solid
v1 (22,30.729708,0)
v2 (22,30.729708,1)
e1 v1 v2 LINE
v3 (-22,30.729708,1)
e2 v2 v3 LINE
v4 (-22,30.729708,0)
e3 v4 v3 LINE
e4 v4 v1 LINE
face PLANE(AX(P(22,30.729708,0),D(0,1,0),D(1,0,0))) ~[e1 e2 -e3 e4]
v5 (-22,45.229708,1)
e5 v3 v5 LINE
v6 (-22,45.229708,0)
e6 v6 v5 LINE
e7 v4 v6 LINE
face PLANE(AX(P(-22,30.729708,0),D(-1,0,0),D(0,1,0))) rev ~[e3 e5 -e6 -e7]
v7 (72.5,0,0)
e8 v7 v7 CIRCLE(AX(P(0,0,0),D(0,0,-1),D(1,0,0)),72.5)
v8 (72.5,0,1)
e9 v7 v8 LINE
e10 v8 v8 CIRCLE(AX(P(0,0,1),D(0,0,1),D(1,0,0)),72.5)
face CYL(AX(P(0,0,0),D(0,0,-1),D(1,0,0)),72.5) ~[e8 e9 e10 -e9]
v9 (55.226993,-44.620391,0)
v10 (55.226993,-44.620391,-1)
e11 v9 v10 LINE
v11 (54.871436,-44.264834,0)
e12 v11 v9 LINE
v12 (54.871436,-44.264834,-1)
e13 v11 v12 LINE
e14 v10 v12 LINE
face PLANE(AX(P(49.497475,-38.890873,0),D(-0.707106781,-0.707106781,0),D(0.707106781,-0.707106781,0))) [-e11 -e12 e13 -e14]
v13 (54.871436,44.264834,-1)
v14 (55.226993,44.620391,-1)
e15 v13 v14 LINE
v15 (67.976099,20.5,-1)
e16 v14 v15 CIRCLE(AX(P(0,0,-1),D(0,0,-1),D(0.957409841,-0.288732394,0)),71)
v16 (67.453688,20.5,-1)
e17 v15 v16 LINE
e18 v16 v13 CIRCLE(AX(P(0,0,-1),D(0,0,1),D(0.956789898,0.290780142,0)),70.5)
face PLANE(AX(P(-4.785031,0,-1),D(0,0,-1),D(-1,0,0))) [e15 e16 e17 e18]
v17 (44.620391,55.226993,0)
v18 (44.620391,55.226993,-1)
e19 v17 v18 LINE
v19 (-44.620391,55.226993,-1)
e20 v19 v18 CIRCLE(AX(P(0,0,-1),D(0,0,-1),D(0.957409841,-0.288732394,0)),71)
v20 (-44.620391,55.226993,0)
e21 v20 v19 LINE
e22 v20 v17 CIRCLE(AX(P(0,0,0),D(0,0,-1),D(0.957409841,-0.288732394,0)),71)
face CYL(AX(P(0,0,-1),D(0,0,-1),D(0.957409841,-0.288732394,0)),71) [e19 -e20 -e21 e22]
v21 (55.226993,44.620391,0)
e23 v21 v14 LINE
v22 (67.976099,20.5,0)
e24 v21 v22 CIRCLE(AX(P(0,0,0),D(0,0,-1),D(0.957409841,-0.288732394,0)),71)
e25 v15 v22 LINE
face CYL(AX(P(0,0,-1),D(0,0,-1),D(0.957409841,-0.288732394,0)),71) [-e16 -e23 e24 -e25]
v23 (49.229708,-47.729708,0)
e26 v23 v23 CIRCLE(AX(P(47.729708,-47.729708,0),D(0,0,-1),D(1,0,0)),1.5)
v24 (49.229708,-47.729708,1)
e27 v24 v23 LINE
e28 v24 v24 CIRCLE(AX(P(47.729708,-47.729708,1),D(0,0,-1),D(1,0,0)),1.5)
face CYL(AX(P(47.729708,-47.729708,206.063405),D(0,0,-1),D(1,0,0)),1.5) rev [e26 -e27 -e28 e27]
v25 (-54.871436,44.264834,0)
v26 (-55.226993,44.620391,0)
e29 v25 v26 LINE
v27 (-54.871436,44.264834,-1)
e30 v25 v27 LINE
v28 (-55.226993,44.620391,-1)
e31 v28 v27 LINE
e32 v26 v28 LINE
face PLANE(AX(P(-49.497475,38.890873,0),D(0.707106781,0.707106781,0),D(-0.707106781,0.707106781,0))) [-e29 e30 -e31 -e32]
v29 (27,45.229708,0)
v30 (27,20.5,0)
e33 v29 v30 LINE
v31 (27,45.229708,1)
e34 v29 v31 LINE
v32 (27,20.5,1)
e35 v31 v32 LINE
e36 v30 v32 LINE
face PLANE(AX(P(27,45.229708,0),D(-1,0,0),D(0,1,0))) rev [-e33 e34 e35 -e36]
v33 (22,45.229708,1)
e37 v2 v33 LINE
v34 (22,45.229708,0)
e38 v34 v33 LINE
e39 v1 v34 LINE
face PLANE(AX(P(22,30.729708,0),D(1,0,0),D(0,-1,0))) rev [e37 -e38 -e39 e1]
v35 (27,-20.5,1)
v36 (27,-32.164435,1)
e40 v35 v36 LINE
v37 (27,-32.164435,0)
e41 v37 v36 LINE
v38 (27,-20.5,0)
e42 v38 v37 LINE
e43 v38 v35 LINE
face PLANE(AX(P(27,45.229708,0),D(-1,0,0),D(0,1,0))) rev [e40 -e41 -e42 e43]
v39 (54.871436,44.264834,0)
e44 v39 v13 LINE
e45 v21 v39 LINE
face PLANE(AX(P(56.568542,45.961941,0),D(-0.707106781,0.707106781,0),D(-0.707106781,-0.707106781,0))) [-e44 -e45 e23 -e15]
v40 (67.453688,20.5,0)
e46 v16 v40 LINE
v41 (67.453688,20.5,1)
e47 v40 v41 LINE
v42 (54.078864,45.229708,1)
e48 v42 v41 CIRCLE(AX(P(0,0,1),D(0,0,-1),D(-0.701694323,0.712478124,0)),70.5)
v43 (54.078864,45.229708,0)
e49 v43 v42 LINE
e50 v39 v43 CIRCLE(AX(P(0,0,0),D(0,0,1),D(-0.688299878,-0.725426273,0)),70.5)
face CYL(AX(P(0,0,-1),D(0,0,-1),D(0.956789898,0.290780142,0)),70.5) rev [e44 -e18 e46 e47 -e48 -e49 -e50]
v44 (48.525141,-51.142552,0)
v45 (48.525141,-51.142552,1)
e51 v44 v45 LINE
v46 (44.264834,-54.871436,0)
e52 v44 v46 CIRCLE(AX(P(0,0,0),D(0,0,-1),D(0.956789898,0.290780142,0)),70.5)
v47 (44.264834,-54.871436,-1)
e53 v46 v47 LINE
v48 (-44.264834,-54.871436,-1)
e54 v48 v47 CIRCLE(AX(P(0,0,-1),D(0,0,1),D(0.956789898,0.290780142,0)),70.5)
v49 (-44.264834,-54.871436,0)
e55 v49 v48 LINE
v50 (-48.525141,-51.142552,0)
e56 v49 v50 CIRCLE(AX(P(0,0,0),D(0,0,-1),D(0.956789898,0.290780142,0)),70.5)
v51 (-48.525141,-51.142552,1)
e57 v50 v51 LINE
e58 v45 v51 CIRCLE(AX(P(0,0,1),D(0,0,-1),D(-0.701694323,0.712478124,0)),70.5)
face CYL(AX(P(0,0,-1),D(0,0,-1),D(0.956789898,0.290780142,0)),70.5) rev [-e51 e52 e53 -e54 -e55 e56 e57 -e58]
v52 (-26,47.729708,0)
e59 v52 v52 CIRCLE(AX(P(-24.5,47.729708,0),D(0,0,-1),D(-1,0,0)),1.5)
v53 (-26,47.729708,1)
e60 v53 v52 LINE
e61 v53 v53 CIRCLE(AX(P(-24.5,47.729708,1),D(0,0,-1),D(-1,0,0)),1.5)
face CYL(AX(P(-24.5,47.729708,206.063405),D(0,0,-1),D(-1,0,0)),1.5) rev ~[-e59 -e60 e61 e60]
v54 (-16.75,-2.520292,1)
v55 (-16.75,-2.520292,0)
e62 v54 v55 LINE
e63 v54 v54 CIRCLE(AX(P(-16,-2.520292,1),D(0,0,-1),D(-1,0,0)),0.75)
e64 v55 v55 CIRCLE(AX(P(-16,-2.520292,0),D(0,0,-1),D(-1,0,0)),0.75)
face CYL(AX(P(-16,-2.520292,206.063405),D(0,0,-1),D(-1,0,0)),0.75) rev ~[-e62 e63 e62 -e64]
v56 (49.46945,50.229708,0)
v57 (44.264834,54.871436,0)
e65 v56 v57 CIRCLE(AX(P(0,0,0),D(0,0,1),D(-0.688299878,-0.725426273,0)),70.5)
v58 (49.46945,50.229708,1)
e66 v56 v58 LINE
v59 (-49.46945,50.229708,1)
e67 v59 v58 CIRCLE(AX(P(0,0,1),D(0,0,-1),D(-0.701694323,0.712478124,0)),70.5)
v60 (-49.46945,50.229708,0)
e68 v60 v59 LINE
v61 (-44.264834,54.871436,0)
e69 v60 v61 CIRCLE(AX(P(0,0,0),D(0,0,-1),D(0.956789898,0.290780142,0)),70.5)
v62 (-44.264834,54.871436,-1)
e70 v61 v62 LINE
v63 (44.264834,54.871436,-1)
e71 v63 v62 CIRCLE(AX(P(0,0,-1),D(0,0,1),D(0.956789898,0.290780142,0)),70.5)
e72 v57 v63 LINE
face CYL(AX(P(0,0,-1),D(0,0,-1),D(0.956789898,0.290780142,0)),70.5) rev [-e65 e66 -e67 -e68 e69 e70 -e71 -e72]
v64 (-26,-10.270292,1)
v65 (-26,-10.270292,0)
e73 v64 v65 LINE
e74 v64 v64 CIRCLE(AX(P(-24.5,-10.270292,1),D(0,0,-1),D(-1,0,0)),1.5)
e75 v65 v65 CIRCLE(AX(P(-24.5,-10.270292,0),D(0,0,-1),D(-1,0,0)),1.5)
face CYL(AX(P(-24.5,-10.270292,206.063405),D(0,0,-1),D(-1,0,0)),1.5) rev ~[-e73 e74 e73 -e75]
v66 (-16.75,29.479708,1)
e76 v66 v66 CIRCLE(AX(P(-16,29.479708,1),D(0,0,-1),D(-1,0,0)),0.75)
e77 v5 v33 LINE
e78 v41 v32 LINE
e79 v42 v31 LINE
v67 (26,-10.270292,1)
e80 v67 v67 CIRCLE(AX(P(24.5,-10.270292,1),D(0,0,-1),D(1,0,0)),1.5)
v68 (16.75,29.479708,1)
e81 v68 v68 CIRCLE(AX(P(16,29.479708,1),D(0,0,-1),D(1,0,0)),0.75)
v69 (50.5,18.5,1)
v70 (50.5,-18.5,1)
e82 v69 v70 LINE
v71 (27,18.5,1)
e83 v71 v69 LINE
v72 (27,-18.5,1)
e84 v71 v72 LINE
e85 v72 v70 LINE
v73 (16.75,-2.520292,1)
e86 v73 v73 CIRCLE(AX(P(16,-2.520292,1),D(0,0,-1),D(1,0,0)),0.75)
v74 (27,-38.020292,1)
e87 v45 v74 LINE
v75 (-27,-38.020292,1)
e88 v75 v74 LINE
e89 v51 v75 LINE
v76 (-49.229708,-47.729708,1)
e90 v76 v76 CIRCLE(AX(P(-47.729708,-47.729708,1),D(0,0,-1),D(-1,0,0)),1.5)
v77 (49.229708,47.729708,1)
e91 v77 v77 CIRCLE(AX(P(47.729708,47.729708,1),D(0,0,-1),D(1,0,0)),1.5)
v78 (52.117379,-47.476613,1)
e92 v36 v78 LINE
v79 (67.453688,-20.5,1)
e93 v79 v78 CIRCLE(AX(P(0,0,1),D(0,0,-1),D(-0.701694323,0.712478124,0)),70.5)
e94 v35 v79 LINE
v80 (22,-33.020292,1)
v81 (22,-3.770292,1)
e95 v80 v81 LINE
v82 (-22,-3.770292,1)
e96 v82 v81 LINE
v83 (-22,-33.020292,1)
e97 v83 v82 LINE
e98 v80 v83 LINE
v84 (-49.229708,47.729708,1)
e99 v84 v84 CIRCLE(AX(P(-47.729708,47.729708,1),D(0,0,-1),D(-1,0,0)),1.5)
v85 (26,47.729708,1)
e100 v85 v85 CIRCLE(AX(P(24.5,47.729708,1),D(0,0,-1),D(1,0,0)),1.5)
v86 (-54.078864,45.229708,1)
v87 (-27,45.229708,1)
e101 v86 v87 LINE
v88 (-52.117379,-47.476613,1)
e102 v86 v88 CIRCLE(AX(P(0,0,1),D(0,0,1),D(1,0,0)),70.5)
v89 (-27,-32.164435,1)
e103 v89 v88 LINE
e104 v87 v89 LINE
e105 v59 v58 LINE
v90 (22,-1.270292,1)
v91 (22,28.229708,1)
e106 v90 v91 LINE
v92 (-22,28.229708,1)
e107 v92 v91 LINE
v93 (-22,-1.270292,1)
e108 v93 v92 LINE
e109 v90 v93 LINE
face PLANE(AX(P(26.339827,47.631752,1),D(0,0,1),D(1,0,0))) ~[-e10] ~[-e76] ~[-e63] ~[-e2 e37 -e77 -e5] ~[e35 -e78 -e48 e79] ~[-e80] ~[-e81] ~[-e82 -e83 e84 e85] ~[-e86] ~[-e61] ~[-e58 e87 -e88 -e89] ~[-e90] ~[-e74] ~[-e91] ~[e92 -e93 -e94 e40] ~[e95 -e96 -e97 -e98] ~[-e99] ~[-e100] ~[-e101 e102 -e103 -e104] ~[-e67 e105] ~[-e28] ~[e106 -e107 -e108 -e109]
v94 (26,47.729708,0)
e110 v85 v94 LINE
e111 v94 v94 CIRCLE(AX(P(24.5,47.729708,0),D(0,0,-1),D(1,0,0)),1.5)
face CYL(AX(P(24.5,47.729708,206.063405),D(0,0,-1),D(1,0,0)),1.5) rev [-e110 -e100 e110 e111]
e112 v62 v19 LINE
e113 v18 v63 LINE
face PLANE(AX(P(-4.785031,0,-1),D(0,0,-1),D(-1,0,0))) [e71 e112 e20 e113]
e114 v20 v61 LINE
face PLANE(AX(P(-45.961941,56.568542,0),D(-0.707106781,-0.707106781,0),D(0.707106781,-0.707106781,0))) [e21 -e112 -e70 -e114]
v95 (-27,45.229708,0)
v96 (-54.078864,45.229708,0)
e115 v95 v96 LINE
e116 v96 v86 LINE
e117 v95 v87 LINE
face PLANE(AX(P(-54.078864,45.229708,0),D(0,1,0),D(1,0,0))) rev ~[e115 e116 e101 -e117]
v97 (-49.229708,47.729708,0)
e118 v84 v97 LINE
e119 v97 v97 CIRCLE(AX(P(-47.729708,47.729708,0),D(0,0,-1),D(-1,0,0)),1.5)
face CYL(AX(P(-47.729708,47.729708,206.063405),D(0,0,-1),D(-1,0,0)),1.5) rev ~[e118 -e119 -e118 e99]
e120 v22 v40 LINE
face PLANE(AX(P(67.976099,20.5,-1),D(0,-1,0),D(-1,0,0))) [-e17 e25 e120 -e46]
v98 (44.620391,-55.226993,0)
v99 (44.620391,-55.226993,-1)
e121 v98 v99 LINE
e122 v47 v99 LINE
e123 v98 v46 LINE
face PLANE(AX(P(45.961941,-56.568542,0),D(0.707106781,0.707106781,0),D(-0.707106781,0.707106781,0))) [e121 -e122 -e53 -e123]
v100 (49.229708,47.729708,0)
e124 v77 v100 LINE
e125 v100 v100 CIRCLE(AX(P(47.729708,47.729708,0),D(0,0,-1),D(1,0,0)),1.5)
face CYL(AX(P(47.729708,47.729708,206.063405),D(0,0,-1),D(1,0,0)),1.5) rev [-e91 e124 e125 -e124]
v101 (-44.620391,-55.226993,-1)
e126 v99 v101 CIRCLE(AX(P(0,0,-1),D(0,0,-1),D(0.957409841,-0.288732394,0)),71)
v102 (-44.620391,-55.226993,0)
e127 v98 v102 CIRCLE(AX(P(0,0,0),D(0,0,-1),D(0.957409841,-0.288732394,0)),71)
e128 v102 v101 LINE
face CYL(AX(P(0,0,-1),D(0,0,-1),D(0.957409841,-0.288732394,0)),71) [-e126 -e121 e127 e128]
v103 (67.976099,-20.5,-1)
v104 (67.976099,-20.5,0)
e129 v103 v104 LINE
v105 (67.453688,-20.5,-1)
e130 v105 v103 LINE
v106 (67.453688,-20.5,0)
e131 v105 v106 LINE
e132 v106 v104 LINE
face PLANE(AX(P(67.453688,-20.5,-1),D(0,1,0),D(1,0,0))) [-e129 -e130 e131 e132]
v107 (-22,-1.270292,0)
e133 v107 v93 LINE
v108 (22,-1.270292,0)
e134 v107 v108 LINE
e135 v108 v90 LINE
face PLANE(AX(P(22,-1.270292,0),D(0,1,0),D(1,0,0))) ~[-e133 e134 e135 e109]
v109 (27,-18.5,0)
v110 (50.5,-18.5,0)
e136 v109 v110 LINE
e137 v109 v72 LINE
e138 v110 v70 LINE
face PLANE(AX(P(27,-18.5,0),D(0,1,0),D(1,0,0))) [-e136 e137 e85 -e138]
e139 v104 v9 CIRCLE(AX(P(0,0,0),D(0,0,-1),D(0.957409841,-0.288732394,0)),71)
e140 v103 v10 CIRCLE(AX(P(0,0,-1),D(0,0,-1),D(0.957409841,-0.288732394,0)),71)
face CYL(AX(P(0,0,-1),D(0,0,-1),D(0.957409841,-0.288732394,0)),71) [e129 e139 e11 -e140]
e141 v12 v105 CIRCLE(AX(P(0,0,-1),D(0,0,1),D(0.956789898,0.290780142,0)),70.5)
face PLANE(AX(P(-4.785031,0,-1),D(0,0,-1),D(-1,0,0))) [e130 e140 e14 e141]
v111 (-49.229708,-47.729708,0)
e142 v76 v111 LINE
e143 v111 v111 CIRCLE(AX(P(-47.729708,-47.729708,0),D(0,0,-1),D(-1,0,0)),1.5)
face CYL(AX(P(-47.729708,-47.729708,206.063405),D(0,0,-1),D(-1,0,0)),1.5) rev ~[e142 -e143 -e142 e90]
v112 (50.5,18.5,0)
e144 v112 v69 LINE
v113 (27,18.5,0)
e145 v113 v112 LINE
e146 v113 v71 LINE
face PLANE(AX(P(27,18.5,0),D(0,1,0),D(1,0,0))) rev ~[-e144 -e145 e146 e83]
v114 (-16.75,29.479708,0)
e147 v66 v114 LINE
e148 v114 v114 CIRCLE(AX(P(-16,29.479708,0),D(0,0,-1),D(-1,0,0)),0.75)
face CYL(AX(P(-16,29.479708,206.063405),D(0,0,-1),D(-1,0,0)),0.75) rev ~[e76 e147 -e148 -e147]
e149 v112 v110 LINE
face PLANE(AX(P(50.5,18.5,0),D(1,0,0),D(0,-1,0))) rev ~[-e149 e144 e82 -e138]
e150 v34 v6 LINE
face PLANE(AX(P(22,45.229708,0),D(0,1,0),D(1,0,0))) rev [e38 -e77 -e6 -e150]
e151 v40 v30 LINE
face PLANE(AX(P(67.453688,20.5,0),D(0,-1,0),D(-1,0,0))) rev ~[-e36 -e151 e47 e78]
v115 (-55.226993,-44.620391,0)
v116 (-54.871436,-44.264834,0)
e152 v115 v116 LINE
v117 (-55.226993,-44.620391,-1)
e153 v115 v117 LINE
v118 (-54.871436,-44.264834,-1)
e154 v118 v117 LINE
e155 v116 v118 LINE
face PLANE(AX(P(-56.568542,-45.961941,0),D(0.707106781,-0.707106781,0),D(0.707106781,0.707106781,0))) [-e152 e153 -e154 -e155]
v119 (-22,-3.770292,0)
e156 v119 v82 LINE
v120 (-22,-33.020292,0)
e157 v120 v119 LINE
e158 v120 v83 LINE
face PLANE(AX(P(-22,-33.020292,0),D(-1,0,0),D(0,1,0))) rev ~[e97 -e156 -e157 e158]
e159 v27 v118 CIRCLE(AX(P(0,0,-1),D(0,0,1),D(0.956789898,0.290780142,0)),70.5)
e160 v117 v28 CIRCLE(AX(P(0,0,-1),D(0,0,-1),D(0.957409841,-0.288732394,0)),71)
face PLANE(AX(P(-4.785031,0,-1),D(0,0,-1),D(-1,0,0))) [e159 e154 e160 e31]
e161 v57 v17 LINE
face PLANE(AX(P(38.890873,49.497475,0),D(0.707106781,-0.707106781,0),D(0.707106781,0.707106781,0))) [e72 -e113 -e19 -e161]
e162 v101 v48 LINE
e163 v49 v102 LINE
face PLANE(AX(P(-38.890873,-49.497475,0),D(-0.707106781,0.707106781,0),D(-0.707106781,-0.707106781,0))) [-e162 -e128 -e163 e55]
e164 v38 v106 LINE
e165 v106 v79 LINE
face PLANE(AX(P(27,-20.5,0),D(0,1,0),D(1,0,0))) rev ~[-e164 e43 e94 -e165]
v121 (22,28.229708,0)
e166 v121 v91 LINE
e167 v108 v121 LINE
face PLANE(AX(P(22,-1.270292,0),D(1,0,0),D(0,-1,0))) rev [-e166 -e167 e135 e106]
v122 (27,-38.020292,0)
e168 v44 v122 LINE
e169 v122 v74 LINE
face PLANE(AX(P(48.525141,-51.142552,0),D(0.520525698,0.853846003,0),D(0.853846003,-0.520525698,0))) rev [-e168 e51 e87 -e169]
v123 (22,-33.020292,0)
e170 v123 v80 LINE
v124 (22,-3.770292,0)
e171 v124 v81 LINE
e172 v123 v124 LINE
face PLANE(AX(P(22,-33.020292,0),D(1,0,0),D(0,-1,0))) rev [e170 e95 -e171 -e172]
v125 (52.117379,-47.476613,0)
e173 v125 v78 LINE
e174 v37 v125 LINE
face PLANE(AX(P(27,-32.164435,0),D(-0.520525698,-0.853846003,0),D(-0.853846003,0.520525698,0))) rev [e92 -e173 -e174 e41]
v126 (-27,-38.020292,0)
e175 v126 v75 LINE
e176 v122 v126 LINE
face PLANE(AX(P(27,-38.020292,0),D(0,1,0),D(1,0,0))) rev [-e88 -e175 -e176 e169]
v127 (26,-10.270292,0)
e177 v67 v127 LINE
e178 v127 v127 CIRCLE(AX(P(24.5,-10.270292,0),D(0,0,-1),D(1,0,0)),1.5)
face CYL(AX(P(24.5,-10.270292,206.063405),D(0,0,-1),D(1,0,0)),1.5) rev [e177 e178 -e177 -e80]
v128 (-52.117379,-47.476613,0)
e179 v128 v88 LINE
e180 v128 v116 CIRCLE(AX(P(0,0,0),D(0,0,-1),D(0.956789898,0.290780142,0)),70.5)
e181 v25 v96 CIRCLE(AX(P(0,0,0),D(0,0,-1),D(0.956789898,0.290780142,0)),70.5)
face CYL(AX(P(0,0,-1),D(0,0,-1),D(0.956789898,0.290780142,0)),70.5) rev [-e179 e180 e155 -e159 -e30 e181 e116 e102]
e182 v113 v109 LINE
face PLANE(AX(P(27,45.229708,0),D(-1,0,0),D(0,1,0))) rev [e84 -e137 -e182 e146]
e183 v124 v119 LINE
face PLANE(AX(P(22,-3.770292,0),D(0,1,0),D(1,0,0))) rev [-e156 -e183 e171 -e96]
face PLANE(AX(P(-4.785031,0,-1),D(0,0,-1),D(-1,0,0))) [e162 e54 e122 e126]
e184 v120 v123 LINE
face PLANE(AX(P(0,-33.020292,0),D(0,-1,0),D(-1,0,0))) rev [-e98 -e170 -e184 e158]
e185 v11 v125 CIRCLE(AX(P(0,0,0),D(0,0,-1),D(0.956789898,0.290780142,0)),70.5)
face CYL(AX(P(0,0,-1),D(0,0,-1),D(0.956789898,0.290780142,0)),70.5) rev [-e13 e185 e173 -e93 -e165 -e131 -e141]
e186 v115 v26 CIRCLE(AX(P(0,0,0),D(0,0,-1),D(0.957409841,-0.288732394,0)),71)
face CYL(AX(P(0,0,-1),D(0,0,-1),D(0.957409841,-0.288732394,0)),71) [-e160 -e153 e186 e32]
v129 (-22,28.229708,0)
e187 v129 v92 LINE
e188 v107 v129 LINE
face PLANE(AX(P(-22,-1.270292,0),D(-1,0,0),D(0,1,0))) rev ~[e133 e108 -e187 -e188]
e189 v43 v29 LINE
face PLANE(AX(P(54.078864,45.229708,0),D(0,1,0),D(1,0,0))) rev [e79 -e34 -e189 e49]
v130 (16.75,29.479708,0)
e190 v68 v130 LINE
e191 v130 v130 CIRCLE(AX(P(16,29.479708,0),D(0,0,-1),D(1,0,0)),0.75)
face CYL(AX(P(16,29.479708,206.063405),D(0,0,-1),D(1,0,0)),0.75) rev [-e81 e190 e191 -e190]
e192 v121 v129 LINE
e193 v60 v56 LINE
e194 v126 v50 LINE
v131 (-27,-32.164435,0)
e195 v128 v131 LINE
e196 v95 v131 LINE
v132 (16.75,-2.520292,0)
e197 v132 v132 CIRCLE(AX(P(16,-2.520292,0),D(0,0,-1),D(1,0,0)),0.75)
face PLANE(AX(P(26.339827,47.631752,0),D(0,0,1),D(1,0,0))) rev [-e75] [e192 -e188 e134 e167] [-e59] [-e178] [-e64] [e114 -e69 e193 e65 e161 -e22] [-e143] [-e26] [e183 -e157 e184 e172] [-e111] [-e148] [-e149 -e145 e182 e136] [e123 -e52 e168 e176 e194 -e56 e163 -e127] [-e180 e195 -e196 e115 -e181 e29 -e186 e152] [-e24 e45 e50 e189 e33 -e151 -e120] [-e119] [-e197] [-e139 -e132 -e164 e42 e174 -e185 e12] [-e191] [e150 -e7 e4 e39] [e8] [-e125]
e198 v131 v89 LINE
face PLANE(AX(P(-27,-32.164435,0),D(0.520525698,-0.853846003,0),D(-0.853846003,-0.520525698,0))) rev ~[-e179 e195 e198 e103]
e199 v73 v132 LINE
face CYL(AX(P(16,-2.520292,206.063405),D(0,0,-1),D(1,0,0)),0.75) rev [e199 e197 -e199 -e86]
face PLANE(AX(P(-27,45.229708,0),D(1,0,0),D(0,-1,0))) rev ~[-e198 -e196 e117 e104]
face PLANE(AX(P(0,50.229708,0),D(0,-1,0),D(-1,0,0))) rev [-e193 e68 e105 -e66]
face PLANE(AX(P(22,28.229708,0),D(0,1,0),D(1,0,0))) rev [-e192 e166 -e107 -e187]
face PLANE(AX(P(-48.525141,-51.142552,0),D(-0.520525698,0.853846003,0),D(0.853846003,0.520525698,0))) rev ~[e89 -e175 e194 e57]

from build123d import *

# Parameters (mm, degrees)
SKIZZE1_R                = 72.5
SKIZZE1_R_2              = 70.5
BASE_RING_DEPTH          = 1
SKIZZE2_W                = 22
SKIZZE2_H                = 2.5
RASPBERRY_FRAME_DEPTH    = 1
SCREWS_I_D               = 3
FAN_SCREWS_D             = 1.5
TOP_START                = -1
SKIZZE7_W                = 23.5
SKIZZE7_H                = 2
TOP_COVER_DEPTH          = 1
INNER_START              = 1
INNER_RING_DEPTH         = 1
LOWER_COVER_CUT_DEPTH    = 103.535359755
COVER_CUT_ROTATION_COUNT = 4


with BuildPart() as part:
    # Skizze1 → Base Ring (new body)
    with BuildSketch(Plane.XY):
        Circle(SKIZZE1_R)
        Circle(SKIZZE1_R_2, mode=Mode.SUBTRACT)
    extrude(amount=BASE_RING_DEPTH)

    # Skizze2 → Raspberry Frame (add)
    with BuildSketch(Plane.XY):
        with BuildLine():
            Line((0, 50.22970773), (-49.469449778, 50.22970773))
            ThreePointArc((-49.469449778, 50.22970773), (-51.834480078, 47.785318614), (-54.078864066, 45.22970773))
            Line((-54.078864066, 45.22970773), (-27, 45.22970773))
            Line((-27, 45.22970773), (-22, 45.22970773))
            Line((-22, 45.22970773), (0, 45.22970773))
            Line((0, 45.22970773), (0, 50.22970773))
        make_face()
        Polygon((-22, 45.22970773), (-27, 45.22970773), (-27, -32.164435383), (-27, -33.02029227), (-22, -33.02029227), (-22, -3.77029227), (-22, -1.27029227), (-22, 28.22970773), (-22, 30.72970773), align=None)
        with BuildLine():
            Line((-27, -32.164435383), (-52.117379441, -47.476612771))
            ThreePointArc((-52.117379441, -47.476612771), (-50.354632641, -49.34228381), (-48.5251414, -51.142552264))
            Line((-48.5251414, -51.142552264), (-27, -38.02029227))
            Line((-27, -38.02029227), (-27, -33.02029227))
            Line((-27, -33.02029227), (-27, -32.164435383))
        make_face()
        Polygon((-27, -33.02029227), (-27, -38.02029227), (0, -38.02029227), (0, -33.02029227), (-22, -33.02029227), align=None)
        with Locations((-11, 29.47970773)):
            Rectangle(SKIZZE2_W, SKIZZE2_H)
        with Locations((-11, -2.52029227)):
            Rectangle(SKIZZE2_W, SKIZZE2_H)
    raspberry_frame = extrude(amount=RASPBERRY_FRAME_DEPTH)

    # Screws I (through all)
    with Locations(Plane.XY.offset(1)):
        with Locations((-47.72970773, -47.72970773), (-24.5, -10.27029227), (-47.72970773, 47.72970773), (-24.5, 47.72970773)):
            screws_i = Hole(SCREWS_I_D / 2)

    # Fan Screws (through all)
    with Locations(Plane.XY.offset(1)):
        with Locations((-16, 29.47970773), (-16, -2.52029227)):
            fan_screws = Hole(FAN_SCREWS_D / 2)

    # Mirror I: Raspberry Frame, Screws I, Fan Screws across plane
    add(raspberry_frame.mirror(Plane(origin=(0, 0, 0), x_dir=(0, 0, 1), z_dir=(1, 0, 0))))
    add(screws_i.mirror(Plane(origin=(0, 0, 0), x_dir=(0, 0, 1), z_dir=(1, 0, 0))), mode=Mode.SUBTRACT)
    add(fan_screws.mirror(Plane(origin=(0, 0, 0), x_dir=(0, 0, 1), z_dir=(1, 0, 0))), mode=Mode.SUBTRACT)

    # Skizze7 → Top Cover (add)
    with BuildSketch(Plane.XY.offset(1).offset(TOP_START)):
        with BuildLine():
            Line((50.5, -18.5), (50.5, -20.5))
            Line((50.5, -20.5), (67.453687816, -20.5))
            ThreePointArc((67.453687816, -20.5), (69.734263426, -10.36255299), (70.5, 0))
            ThreePointArc((70.5, 0), (69.734263426, 10.36255299), (67.453687816, 20.5))
            Line((67.453687816, 20.5), (50.5, 20.5))
            Line((50.5, 20.5), (50.5, 18.5))
            Line((50.5, 18.5), (50.5, -18.5))
        make_face()
        with Locations((38.75, 19.5)):
            Rectangle(SKIZZE7_W, SKIZZE7_H)
        with Locations((38.75, -19.5)):
            Rectangle(SKIZZE7_W, SKIZZE7_H)
    extrude(amount=TOP_COVER_DEPTH)

    # Skizze8 → Inner Ring (add)
    with BuildSketch(Plane(origin=(0, 0, 0), x_dir=(-1, 0, 0), z_dir=(0, 0, -1)).offset(INNER_START)):
        with BuildLine():
            Line((-67.976098741, 20.5), (-67.453687816, 20.5))
            ThreePointArc((-67.453687816, 20.5), (70.5, 0), (-67.453687816, -20.5))
            Line((-67.453687816, -20.5), (-67.976098741, -20.5))
            ThreePointArc((-67.976098741, -20.5), (71, 0), (-67.976098741, 20.5))
        make_face()
    extrude(amount=-INNER_RING_DEPTH)

    # Skizze9 → Lower Cover Cut (cut, through all)
    with BuildSketch(Plane(origin=(0, 0, 0), x_dir=(-1, 0, 0), z_dir=(0, 0, -1))):
        Polygon((-45.961940777, -56.568542495), (-38.890872965, -49.497474683), (-49.497474683, -38.890872965), (-56.568542495, -45.961940777), align=None)
    lower_cover_cut = extrude(amount=LOWER_COVER_CUT_DEPTH, mode=Mode.SUBTRACT)

    # Cover Cut Rotation: Lower Cover Cut ×4 about axis
    cover_cut_rotation_axis = Axis((0, 0, 0), (0, 0, 1))
    for i in range(1, COVER_CUT_ROTATION_COUNT):
        add(lower_cover_cut.rotate(cover_cut_rotation_axis, i * 360 / COVER_CUT_ROTATION_COUNT), mode=Mode.SUBTRACT)


solid = part.part
